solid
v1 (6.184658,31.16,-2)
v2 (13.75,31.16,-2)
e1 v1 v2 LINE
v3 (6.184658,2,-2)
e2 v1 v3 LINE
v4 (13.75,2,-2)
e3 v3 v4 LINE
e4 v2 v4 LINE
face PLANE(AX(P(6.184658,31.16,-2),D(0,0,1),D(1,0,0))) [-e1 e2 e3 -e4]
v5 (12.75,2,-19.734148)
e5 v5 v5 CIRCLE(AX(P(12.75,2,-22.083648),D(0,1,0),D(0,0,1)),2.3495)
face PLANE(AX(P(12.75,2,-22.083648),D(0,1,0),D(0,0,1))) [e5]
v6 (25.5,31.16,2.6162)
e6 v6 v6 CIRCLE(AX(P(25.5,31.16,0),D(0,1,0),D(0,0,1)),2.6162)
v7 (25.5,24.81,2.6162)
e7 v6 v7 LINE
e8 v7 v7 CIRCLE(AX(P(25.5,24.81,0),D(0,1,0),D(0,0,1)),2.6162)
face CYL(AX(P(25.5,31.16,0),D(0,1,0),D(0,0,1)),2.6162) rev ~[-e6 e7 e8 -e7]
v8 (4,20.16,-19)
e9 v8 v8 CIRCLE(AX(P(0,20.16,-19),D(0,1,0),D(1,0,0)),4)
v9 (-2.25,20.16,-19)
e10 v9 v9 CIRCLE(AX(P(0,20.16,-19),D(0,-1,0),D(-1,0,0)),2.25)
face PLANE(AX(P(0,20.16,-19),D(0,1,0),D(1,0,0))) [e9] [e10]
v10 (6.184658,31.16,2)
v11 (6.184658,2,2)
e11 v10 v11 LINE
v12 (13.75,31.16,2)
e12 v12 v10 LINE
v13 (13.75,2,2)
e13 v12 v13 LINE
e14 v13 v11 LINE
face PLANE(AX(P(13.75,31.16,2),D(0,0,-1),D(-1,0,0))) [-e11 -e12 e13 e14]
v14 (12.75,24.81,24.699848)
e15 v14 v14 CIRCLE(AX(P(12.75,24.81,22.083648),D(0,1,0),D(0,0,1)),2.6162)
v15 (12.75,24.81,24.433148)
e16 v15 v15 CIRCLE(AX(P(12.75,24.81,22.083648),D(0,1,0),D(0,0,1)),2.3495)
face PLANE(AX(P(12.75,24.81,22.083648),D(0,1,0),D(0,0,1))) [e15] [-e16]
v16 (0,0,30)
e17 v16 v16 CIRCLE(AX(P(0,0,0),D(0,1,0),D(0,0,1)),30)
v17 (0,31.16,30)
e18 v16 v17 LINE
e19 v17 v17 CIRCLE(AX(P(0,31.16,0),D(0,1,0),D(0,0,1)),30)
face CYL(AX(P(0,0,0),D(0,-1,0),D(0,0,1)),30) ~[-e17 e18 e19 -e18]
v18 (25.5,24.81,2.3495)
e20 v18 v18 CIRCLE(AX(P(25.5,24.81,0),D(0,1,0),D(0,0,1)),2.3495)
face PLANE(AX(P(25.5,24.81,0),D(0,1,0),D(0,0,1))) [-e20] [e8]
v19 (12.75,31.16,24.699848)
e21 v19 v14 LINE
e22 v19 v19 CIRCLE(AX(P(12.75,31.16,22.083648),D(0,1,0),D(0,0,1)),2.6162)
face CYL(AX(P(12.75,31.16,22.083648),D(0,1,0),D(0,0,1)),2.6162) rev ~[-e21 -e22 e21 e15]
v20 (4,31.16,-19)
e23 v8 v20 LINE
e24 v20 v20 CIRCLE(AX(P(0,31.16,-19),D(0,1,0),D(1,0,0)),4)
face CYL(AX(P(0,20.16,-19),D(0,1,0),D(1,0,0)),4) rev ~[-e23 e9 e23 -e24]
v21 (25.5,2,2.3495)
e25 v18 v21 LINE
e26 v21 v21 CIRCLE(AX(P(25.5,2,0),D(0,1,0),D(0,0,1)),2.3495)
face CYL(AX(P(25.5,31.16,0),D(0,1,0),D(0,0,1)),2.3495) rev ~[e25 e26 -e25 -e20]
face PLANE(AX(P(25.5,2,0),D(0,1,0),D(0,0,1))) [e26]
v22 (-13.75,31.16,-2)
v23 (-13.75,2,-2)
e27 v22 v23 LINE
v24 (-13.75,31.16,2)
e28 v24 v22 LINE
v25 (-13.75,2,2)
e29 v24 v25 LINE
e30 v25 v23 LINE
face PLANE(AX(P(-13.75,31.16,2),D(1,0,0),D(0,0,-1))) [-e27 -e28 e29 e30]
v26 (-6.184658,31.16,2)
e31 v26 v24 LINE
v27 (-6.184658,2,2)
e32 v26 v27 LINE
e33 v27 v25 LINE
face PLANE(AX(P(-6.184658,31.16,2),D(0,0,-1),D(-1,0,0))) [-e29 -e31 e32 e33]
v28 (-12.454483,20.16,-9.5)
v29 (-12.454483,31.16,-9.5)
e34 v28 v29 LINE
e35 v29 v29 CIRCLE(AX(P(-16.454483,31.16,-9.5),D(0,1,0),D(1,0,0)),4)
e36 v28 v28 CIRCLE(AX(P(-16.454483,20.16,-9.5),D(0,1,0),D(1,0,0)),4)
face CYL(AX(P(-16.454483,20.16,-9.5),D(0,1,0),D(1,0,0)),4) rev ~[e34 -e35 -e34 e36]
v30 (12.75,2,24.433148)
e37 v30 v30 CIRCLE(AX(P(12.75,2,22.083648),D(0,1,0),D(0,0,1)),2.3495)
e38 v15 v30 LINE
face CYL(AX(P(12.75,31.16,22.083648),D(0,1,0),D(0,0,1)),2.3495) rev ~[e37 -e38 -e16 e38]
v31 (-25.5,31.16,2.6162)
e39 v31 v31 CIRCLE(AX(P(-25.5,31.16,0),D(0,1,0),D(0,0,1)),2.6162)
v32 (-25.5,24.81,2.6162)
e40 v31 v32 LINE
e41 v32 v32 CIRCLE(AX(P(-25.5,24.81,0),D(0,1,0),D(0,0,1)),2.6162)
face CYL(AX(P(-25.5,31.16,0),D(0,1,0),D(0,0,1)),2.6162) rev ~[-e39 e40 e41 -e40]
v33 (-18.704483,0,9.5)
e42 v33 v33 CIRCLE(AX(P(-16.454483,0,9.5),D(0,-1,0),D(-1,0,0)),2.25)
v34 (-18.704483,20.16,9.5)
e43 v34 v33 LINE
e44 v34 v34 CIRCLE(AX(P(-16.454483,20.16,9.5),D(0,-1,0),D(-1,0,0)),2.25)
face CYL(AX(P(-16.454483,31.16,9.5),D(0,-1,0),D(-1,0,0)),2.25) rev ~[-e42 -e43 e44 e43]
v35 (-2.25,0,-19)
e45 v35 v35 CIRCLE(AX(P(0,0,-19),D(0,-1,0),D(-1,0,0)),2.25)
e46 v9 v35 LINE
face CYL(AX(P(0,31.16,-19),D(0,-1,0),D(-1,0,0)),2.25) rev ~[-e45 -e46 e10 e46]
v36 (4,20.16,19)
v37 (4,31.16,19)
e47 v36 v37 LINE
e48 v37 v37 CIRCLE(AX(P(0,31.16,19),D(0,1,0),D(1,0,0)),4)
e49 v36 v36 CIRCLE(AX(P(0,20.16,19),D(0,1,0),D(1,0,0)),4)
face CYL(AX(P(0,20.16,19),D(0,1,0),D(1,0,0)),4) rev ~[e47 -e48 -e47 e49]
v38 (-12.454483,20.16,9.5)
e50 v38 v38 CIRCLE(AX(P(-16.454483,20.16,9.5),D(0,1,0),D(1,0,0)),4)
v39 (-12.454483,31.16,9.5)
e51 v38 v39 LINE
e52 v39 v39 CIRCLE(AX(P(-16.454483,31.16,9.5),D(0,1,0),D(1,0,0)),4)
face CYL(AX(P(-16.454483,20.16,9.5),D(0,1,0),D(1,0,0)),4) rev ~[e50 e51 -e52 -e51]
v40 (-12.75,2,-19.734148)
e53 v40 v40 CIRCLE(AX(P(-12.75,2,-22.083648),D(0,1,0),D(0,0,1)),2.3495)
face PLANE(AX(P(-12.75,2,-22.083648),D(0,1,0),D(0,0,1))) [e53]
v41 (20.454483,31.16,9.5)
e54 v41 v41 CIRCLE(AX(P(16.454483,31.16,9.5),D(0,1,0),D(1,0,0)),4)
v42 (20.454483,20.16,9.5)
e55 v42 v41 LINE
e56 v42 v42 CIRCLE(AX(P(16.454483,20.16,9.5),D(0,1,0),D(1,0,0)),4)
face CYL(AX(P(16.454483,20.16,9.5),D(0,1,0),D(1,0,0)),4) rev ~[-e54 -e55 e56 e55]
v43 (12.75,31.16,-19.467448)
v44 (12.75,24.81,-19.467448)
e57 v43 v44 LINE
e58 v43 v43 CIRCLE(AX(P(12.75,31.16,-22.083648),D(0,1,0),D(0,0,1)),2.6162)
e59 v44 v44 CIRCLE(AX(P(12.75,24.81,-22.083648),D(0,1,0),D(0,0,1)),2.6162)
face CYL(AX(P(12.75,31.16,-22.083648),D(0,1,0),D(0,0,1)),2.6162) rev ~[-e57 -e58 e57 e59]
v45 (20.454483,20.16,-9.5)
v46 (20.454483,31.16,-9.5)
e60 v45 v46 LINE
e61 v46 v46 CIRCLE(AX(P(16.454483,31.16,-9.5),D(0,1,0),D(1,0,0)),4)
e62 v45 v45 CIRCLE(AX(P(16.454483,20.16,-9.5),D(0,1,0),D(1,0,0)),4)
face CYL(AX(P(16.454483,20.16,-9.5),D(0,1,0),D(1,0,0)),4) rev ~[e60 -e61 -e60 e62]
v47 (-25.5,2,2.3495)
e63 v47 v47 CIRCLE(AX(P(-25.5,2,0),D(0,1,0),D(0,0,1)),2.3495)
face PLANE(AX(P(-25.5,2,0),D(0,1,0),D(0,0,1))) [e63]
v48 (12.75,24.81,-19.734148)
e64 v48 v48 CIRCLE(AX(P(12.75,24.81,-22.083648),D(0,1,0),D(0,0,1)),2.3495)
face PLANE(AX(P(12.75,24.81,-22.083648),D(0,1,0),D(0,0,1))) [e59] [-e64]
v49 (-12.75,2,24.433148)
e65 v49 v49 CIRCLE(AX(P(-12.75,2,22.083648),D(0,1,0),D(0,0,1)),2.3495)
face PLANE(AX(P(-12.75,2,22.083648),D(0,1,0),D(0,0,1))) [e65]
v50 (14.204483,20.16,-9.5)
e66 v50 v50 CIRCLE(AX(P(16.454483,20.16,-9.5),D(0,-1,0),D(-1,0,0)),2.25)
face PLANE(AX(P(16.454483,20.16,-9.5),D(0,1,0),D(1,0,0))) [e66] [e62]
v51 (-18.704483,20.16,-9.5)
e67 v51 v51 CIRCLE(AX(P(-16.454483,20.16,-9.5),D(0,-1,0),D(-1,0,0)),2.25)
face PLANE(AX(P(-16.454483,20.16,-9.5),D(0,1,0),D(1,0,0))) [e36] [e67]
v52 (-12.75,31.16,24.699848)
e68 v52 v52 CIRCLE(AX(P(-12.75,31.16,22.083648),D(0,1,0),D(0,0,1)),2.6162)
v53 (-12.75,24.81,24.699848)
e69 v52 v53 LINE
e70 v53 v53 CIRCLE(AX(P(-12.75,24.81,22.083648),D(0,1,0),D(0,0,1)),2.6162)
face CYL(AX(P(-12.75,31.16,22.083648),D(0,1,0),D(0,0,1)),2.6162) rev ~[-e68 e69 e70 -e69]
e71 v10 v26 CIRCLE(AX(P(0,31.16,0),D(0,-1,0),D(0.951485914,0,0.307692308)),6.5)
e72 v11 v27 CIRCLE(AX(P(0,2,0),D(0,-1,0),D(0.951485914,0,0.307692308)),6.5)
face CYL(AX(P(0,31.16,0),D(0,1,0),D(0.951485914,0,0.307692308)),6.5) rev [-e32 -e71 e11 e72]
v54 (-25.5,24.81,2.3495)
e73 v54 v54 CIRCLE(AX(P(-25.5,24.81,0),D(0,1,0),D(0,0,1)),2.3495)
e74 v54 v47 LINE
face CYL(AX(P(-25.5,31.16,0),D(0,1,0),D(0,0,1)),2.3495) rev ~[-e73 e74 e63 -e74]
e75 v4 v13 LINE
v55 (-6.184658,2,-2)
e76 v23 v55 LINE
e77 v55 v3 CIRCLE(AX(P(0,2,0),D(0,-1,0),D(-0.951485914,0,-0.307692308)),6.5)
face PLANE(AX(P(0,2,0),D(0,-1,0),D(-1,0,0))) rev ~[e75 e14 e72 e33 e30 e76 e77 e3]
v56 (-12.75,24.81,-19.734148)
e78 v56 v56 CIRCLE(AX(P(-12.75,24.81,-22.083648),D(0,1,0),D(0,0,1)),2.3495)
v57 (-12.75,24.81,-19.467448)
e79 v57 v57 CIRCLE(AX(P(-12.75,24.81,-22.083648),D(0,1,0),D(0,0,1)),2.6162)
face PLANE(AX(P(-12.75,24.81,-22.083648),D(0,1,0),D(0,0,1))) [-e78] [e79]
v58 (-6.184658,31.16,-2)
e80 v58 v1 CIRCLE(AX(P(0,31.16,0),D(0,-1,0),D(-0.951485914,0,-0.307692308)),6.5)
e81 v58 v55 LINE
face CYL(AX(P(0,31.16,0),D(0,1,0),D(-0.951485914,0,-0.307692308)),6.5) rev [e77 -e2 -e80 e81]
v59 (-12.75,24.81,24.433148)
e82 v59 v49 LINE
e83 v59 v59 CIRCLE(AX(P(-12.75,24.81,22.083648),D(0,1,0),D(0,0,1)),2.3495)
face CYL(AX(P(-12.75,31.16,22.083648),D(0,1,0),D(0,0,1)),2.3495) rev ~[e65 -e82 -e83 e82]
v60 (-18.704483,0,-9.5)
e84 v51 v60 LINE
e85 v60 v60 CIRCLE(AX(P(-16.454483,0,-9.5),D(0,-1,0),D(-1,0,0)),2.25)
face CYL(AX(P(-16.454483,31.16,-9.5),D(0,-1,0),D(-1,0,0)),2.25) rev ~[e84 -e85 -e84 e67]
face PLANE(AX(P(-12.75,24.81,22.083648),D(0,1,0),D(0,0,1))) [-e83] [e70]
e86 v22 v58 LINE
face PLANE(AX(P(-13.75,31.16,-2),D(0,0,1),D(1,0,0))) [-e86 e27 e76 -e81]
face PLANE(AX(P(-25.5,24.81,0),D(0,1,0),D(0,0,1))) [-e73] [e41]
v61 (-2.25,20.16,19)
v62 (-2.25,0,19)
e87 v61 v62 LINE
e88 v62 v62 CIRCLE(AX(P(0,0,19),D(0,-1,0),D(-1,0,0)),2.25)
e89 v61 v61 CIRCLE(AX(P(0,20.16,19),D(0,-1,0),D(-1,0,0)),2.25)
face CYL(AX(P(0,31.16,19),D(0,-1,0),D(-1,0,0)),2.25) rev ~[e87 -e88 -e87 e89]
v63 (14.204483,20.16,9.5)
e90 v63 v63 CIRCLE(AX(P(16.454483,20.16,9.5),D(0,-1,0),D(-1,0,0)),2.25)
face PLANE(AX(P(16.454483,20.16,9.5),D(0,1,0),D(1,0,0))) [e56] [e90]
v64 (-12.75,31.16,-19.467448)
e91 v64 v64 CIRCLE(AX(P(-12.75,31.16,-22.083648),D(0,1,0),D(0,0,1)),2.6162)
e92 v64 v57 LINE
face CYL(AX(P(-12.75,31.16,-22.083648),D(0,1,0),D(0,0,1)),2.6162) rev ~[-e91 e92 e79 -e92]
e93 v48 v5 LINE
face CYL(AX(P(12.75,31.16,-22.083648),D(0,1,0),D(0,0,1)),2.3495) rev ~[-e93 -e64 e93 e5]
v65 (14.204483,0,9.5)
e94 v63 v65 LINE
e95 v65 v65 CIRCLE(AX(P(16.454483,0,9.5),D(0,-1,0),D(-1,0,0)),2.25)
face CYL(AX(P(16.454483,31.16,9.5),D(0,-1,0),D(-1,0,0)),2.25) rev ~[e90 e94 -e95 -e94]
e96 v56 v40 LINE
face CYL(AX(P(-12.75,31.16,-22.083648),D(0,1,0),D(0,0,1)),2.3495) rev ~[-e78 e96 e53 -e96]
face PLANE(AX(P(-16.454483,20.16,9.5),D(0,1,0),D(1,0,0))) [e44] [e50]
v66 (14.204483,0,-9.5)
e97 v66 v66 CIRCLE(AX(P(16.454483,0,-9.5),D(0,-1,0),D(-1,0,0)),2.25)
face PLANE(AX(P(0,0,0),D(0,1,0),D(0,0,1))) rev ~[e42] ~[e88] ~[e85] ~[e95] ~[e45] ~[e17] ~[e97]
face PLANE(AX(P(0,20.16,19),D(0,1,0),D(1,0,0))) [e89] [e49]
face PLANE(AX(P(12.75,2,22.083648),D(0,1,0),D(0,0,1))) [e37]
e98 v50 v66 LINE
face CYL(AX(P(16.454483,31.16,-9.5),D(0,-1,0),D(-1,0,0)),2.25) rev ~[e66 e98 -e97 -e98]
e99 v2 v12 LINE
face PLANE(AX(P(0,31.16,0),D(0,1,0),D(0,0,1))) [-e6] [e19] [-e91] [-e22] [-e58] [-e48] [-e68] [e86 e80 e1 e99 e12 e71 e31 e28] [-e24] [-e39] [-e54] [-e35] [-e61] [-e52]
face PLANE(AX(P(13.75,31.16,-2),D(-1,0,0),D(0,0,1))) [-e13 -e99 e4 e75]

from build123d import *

# Parameters (mm, degrees)
SKETCH1_R                      = 30
BOSS_EXTRUDE1_DEPTH            = 31.16
CUT_EXTRUDE1_DEPTH             = 29.16
CBORE_FOR_M4_SHCS1_D           = 4.5
CBORE_FOR_M4_SHCS1_CBORE_D     = 8
CBORE_FOR_M4_SHCS1_CBORE_DEPTH = 11
SKETCH7_R                      = 2.3495
CUT_EXTRUDE2_DEPTH             = 29.16
SKETCH9_R                      = 2.6162
CUT_EXTRUDE3_DEPTH             = 6.35


with BuildPart() as part:
    # Sketch1 → Boss-Extrude1 (new body)
    with BuildSketch(Plane(origin=(0, 0, 0), x_dir=(1, 0, 0), z_dir=(0, 1, 0))):
        with Locations(Location((0, 0, 0), (0, 0, 270))):
            Circle(SKETCH1_R)
    extrude(amount=BOSS_EXTRUDE1_DEPTH)

    # Sketch2 → Cut-Extrude1 (cut)
    with BuildSketch(Plane(origin=(0, 31.16, 0), x_dir=(1, 0, 0), z_dir=(0, 1, 0))):
        with BuildLine():
            Line((-6.184658438, -2), (-13.75, -2))
            Line((-13.75, -2), (-13.75, 2))
            Line((-13.75, 2), (-6.184658438, 2))
            ThreePointArc((-6.184658438, 2), (0, 6.5), (6.184658438, 2))
            Line((6.184658438, 2), (13.75, 2))
            Line((13.75, 2), (13.75, -2))
            Line((13.75, -2), (6.184658438, -2))
            ThreePointArc((6.184658438, -2), (0, -6.5), (-6.184658438, -2))
        make_face()
    extrude(amount=-CUT_EXTRUDE1_DEPTH, mode=Mode.SUBTRACT)

    # CBORE for M4 SHCS1 (through all)
    with Locations(Plane(origin=(0, 31.16, 0), x_dir=(1, 0, 0), z_dir=(0, 1, 0))):
        with Locations((0, 19), (-16.454482672, 9.5), (-16.454482672, -9.5), (0, -19), (16.454482672, -9.5), (16.454482672, 9.5)):
            CounterBoreHole(CBORE_FOR_M4_SHCS1_D / 2, CBORE_FOR_M4_SHCS1_CBORE_D / 2, CBORE_FOR_M4_SHCS1_CBORE_DEPTH)

    # Sketch7 → Cut-Extrude2 (cut)
    with BuildSketch(Plane(origin=(0, 31.16, 0), x_dir=(1, 0, 0), z_dir=(0, 1, 0))):
        with Locations(Location((-25.5, 0, 0), (0, 0, 270))):
            Circle(SKETCH7_R)
        with Locations(Location((-12.75, 22.083647797, 0), (0, 0, 270))):
            Circle(SKETCH7_R)
        with Locations(Location((12.75, 22.083647797, 0), (0, 0, 270))):
            Circle(SKETCH7_R)
        with Locations(Location((25.5, 0, 0), (0, 0, 270))):
            Circle(SKETCH7_R)
        with Locations(Location((12.75, -22.083647797, 0), (0, 0, 270))):
            Circle(SKETCH7_R)
        with Locations(Location((-12.75, -22.083647797, 0), (0, 0, 270))):
            Circle(SKETCH7_R)
    extrude(amount=-CUT_EXTRUDE2_DEPTH, mode=Mode.SUBTRACT)

    # Sketch9 → Cut-Extrude3 (cut)
    with BuildSketch(Plane(origin=(0, 31.16, 0), x_dir=(1, 0, 0), z_dir=(0, 1, 0))):
        with Locations(Location((-12.75, 22.083647797, 0), (0, 0, 270))):
            Circle(SKETCH9_R)
        with Locations(Location((12.75, 22.083647797, 0), (0, 0, 270))):
            Circle(SKETCH9_R)
        with Locations(Location((25.5, 0, 0), (0, 0, 270))):
            Circle(SKETCH9_R)
        with Locations(Location((12.75, -22.083647797, 0), (0, 0, 270))):
            Circle(SKETCH9_R)
        with Locations(Location((-12.75, -22.083647797, 0), (0, 0, 270))):
            Circle(SKETCH9_R)
        with Locations(Location((-25.5, 0, 0), (0, 0, 270))):
            Circle(SKETCH9_R)
    extrude(amount=-CUT_EXTRUDE3_DEPTH, mode=Mode.SUBTRACT)


solid = part.part
